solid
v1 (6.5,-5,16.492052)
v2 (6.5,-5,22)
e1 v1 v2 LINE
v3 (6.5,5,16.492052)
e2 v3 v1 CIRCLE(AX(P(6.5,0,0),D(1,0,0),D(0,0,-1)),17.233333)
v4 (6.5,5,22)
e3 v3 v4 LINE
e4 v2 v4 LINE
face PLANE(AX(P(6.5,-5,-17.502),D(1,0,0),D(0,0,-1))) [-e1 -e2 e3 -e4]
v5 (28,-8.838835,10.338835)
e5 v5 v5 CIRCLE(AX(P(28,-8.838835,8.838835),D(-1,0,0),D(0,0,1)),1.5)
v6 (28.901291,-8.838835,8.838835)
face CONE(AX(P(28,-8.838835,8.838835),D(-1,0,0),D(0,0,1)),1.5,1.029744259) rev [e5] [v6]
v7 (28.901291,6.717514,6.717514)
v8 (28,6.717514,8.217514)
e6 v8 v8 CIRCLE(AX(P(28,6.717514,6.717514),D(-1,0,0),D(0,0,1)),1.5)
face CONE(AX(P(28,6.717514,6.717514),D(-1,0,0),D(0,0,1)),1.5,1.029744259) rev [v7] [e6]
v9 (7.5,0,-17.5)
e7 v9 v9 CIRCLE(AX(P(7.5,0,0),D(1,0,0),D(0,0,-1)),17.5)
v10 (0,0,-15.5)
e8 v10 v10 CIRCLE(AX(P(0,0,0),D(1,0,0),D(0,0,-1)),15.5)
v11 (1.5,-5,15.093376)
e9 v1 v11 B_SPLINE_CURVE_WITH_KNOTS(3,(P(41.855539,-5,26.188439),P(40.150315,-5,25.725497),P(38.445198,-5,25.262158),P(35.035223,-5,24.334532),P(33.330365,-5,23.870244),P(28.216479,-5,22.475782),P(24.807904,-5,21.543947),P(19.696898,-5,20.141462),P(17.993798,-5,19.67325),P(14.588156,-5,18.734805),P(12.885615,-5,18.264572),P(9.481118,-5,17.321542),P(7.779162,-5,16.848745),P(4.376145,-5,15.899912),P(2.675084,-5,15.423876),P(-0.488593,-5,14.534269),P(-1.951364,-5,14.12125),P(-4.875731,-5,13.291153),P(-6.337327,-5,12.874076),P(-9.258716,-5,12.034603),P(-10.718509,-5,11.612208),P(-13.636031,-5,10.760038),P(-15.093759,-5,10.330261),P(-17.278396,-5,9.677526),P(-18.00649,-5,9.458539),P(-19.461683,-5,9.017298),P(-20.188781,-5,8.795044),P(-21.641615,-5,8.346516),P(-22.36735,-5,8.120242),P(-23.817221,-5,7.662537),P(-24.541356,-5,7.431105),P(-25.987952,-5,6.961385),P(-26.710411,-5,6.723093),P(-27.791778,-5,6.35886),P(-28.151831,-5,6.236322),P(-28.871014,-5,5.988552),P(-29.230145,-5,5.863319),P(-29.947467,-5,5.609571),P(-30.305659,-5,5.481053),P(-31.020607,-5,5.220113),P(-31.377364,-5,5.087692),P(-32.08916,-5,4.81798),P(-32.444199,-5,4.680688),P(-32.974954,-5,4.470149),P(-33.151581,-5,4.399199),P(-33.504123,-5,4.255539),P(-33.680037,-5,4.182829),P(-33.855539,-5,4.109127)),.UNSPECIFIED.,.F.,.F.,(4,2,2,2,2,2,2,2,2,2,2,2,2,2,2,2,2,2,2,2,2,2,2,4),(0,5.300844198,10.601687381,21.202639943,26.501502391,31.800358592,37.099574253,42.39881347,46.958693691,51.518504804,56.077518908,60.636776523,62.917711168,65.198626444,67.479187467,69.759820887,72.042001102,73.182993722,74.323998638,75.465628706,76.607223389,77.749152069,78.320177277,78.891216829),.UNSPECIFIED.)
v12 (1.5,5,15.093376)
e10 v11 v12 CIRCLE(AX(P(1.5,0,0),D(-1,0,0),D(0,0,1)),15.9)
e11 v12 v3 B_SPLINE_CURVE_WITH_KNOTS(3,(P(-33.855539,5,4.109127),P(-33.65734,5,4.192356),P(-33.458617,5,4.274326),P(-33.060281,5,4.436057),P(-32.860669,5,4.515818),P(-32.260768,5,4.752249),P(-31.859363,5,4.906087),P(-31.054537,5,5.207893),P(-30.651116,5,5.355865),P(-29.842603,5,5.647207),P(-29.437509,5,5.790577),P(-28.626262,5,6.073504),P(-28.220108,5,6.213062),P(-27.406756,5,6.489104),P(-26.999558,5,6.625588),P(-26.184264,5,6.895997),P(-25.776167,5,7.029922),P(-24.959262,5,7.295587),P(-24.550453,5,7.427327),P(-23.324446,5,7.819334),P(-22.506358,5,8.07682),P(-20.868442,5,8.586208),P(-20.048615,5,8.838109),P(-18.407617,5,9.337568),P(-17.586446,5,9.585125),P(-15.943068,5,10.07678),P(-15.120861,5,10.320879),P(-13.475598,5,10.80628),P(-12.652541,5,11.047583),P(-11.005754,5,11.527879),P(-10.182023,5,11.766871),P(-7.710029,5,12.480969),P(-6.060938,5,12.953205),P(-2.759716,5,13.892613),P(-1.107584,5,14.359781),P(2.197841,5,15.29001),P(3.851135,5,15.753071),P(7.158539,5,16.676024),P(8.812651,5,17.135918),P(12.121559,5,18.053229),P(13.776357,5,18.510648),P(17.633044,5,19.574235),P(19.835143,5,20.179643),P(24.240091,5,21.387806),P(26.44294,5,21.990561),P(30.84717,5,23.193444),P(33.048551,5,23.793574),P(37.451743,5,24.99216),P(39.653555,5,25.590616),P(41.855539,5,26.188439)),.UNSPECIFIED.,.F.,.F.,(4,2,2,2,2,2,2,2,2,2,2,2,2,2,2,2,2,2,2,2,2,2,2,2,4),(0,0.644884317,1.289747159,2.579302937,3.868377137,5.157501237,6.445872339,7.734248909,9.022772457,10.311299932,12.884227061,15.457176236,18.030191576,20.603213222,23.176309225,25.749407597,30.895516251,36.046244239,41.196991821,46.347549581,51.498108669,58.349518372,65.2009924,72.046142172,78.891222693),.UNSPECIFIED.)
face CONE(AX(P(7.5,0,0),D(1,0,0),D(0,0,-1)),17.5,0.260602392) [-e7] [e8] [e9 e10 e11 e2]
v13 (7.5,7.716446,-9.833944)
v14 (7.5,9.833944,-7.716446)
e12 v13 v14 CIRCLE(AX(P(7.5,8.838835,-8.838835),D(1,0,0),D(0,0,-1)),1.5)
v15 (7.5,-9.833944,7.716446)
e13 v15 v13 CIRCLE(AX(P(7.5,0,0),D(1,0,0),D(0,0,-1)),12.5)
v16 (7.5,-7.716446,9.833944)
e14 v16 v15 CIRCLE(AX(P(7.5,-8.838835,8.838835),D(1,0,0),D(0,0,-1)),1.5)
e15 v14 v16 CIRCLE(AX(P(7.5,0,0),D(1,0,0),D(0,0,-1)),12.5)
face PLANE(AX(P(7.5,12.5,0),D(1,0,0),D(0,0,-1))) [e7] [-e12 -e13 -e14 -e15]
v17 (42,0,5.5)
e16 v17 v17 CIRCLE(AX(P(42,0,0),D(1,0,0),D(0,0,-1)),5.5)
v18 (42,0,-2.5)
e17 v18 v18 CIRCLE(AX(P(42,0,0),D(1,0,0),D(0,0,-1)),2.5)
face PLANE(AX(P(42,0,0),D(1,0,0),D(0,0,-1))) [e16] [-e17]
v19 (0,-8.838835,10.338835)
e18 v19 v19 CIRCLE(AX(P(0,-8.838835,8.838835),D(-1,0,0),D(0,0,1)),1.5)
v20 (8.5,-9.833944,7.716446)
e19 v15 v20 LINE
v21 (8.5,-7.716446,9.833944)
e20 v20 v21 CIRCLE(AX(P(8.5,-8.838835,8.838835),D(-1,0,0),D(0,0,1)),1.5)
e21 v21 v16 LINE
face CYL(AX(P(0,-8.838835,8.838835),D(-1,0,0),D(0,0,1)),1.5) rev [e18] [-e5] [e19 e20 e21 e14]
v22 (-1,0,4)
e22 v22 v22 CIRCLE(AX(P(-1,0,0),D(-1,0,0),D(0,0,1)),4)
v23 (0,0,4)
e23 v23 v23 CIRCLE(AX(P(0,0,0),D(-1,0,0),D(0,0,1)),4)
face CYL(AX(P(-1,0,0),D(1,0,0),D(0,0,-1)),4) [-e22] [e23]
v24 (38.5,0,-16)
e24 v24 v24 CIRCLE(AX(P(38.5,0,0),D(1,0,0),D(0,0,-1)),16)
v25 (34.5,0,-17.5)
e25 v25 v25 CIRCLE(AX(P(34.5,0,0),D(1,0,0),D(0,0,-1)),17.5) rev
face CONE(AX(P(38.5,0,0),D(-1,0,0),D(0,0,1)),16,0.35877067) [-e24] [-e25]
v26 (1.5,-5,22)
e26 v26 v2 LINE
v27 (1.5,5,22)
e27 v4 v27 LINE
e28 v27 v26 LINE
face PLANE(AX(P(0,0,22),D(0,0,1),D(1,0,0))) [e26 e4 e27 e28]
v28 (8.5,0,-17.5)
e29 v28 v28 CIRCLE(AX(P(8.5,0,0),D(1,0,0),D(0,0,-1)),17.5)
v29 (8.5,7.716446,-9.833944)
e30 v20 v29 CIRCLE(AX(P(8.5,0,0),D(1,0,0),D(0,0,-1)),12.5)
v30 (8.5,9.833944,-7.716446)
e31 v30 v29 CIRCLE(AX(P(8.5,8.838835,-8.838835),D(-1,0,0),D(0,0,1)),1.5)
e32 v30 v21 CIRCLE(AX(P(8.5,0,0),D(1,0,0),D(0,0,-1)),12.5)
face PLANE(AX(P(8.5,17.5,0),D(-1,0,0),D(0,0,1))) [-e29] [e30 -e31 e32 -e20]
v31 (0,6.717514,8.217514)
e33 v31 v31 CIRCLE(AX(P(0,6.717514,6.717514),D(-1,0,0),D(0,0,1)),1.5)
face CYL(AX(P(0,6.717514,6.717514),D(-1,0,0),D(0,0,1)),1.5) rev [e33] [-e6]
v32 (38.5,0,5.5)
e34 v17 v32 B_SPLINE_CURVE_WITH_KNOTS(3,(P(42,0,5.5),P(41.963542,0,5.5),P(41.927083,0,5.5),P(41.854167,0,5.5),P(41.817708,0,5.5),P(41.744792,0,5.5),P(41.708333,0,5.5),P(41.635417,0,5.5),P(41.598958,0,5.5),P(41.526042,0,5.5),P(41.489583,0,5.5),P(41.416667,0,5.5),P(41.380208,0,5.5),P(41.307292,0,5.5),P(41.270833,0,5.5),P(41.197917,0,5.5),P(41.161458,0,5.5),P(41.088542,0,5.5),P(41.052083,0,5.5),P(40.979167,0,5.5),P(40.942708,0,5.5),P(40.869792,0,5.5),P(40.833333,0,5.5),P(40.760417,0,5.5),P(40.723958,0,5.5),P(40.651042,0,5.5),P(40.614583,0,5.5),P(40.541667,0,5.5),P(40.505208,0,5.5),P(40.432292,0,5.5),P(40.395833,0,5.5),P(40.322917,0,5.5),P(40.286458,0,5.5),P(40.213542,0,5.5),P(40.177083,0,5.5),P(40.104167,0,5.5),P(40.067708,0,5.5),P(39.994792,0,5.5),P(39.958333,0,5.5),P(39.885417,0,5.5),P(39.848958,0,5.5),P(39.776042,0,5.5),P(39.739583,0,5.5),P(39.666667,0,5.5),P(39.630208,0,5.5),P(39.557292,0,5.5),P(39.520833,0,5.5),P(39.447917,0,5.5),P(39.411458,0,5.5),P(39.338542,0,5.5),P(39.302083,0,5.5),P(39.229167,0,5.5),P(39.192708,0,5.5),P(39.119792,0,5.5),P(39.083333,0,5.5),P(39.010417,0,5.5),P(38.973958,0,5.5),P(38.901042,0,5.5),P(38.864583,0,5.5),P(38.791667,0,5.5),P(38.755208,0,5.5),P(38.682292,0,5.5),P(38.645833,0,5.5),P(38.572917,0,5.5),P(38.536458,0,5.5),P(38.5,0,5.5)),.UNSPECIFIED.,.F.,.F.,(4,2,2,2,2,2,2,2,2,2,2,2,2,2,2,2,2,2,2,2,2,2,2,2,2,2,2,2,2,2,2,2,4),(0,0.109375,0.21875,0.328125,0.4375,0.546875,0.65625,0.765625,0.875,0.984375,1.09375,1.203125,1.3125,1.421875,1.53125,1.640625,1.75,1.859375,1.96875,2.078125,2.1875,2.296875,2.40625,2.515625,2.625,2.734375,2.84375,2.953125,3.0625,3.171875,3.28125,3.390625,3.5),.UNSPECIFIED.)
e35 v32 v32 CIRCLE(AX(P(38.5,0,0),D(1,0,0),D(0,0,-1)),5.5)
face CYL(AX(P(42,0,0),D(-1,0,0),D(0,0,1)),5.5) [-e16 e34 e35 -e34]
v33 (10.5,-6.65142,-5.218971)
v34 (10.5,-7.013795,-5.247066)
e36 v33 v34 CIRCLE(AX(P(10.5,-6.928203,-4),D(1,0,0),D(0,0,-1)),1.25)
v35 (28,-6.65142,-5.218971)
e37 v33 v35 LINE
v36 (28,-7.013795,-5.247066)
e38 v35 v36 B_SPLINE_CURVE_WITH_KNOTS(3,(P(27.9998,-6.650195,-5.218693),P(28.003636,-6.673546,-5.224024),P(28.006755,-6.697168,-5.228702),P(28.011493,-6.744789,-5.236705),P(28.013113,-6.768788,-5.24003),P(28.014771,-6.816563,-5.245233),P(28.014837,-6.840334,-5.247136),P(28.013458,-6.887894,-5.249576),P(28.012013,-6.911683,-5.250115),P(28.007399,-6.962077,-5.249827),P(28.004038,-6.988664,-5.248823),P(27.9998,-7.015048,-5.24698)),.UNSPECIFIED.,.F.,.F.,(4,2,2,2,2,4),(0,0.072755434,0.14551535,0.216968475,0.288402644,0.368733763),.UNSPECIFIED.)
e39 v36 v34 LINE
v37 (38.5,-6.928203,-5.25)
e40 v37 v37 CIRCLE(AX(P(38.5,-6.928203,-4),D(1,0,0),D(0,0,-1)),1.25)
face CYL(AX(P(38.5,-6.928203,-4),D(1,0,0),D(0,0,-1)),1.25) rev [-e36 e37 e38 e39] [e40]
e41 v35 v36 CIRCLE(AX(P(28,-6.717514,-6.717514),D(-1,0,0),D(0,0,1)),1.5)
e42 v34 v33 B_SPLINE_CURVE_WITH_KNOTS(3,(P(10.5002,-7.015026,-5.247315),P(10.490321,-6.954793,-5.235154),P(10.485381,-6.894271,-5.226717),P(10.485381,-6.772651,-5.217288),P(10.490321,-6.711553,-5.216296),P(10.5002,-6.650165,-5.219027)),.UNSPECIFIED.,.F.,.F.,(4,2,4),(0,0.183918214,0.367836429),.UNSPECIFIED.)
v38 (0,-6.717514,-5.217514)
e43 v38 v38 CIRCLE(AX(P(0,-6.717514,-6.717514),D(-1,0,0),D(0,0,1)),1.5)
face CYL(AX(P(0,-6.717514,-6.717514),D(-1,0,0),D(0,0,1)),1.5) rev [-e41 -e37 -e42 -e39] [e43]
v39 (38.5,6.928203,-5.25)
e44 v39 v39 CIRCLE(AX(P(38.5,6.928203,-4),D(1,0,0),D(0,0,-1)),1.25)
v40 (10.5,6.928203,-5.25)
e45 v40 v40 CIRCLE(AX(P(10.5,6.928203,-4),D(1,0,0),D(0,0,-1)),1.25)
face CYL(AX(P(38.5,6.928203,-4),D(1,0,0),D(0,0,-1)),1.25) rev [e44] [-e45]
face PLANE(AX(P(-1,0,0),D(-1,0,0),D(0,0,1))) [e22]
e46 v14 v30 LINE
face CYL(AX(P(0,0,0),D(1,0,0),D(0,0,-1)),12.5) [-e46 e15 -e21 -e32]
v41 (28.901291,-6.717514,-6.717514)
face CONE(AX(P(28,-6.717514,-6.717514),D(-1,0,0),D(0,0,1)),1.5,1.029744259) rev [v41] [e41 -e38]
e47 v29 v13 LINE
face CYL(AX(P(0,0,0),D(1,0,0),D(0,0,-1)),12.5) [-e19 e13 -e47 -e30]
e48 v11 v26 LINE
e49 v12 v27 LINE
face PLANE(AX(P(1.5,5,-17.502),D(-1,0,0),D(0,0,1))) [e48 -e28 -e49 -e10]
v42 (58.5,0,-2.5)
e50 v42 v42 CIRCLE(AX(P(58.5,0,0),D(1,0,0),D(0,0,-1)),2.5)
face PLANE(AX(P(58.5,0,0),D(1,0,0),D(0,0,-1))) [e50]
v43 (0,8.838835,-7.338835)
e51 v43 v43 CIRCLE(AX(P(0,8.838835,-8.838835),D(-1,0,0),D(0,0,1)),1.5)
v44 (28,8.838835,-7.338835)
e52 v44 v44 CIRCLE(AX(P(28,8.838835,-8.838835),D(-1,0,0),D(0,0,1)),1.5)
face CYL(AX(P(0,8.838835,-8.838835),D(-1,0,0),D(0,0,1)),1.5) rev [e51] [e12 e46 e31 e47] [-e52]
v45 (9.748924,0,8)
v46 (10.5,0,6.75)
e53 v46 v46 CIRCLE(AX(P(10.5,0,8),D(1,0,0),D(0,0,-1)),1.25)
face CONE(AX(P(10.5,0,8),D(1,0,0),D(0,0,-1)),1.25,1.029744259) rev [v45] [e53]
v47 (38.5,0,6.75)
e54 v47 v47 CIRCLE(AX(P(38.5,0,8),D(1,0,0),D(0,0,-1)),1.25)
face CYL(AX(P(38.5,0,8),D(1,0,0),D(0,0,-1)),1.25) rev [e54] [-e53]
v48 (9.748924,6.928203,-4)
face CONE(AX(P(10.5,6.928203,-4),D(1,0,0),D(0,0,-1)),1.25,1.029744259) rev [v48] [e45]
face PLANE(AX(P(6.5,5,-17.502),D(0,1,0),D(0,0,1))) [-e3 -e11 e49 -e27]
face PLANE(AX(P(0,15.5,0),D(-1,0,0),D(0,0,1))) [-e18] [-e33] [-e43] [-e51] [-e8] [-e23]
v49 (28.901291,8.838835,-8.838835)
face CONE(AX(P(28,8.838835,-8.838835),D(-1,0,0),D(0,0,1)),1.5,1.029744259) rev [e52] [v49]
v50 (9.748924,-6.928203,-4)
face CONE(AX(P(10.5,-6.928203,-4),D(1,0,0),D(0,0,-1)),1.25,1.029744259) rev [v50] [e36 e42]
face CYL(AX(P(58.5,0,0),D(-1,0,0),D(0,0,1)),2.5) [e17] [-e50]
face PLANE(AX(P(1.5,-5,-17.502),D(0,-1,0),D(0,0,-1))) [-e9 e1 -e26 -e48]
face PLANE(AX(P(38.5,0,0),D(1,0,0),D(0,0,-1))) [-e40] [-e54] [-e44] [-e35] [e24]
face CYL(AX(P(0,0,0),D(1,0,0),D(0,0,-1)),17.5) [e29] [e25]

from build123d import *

# Parameters (mm, degrees)
BOSS_EXTRUDE1_REACH            = 59.868
SKETCH2_W                      = 5
SKETCH2_H                      = 10
SKETCH3_R                      = 4
BOSS_EXTRUDE2_DEPTH            = 1
SKETCH4_R                      = 5.5
BOSS_EXTRUDE3_DEPTH            = 3.5
SKETCH5_R                      = 2.5
BOSS_EXTRUDE4_DEPTH            = 16.5
F_2_5_2_5_DIAMETER_HOLE1_D     = 2.5
F_2_5_2_5_DIAMETER_HOLE1_DEPTH = 28
F_2_5_2_5_DIAMETER_HOLE1_TIP   = 0.751075774
F_3_0_3_DIAMETER_HOLE1_D       = 3
F_3_0_3_DIAMETER_HOLE1_DEPTH   = 28
F_3_0_3_DIAMETER_HOLE1_TIP     = 0.901290929
CHAMFER1_SIZE                  = 1.5
CHAMFER1_SIZE2                 = 4


with BuildPart() as part:
    # Sketch1 → Revolve1 (revolve)
    with BuildSketch(Plane.XY, mode=Mode.PRIVATE) as revolve1_sk:
        Polygon((0, 15.5), (0, 0), (38.5, 0), (38.5, 17.5), (8.5, 17.5), (8.5, 12.5), (7.5, 12.5), (7.5, 17.5), align=None)
    revolve(revolve1_sk.sketch.rotate(Axis((0, 0, 0), (1, 0, 0)), 270), axis=Axis((0, 0, 0), (1, 0, 0)))

    # Sketch2 → Boss-Extrude1 (add, up to next)
    with BuildSketch(Plane.XY.offset(22), mode=Mode.PRIVATE) as boss_extrude1_sk1:
        with Locations((4, 0)):
            Rectangle(SKETCH2_W, SKETCH2_H)
    boss_extrude1_tool1 = extrude(boss_extrude1_sk1.sketch, amount=-BOSS_EXTRUDE1_REACH, mode=Mode.PRIVATE) - part.part
    add(boss_extrude1_tool1.solids().sort_by_distance((4, 0, 22))[0])

    # Sketch3 → Boss-Extrude2 (add)
    with BuildSketch(Plane.ZY):
        Circle(SKETCH3_R)
    extrude(amount=BOSS_EXTRUDE2_DEPTH)

    # Sketch4 → Boss-Extrude3 (add)
    with BuildSketch(Plane(origin=(38.5, 0, 0), x_dir=(0, 0, -1), z_dir=(1, 0, 0))):
        with Locations(Location((0, 0, 0), (0, 0, 180))):
            Circle(SKETCH4_R)
    extrude(amount=BOSS_EXTRUDE3_DEPTH)

    # Sketch5 → Boss-Extrude4 (add)
    with BuildSketch(Plane(origin=(42, 0, 0), x_dir=(0, 0, -1), z_dir=(1, 0, 0))):
        Circle(SKETCH5_R)
    extrude(amount=BOSS_EXTRUDE4_DEPTH)

    # Ø2.5 (2.5) Diameter Hole1
    with Locations(Plane(origin=(38.5, 0, 0), x_dir=(0, 0, -1), z_dir=(1, 0, 0))):
        with Locations((4, -6.92820323), (4, 6.92820323), (-8, 0)):
            Hole(F_2_5_2_5_DIAMETER_HOLE1_D / 2, depth=F_2_5_2_5_DIAMETER_HOLE1_DEPTH)
            with Locations((0, 0, -(F_2_5_2_5_DIAMETER_HOLE1_DEPTH + F_2_5_2_5_DIAMETER_HOLE1_TIP / 2))):  # 118° drill point
                Cone(0, F_2_5_2_5_DIAMETER_HOLE1_D / 2, F_2_5_2_5_DIAMETER_HOLE1_TIP, mode=Mode.SUBTRACT)

    # Ø3.0 (3) Diameter Hole1
    with Locations(Plane.ZY):
        with Locations((-6.717514421, -6.717514421), (8.838834765, -8.838834765), (6.717514421, 6.717514421), (-8.838834765, 8.838834765)):
            Hole(F_3_0_3_DIAMETER_HOLE1_D / 2, depth=F_3_0_3_DIAMETER_HOLE1_DEPTH)
            with Locations((0, 0, -(F_3_0_3_DIAMETER_HOLE1_DEPTH + F_3_0_3_DIAMETER_HOLE1_TIP / 2))):  # 118° drill point
                Cone(0, F_3_0_3_DIAMETER_HOLE1_D / 2, F_3_0_3_DIAMETER_HOLE1_TIP, mode=Mode.SUBTRACT)

    # Chamfer1
    chamfer1_edges = [part.edges().sort_by_distance(p)[0] for p in [
        (38.5, 0, 17.5),
    ]]
    chamfer1_side = [part.faces().sort_by_distance(p)[0] for p in [
        (38.5, 0, 17.005025253),
    ]]
    chamfer(chamfer1_edges, length=CHAMFER1_SIZE, length2=CHAMFER1_SIZE2, reference=chamfer1_side[0])


solid = part.part
